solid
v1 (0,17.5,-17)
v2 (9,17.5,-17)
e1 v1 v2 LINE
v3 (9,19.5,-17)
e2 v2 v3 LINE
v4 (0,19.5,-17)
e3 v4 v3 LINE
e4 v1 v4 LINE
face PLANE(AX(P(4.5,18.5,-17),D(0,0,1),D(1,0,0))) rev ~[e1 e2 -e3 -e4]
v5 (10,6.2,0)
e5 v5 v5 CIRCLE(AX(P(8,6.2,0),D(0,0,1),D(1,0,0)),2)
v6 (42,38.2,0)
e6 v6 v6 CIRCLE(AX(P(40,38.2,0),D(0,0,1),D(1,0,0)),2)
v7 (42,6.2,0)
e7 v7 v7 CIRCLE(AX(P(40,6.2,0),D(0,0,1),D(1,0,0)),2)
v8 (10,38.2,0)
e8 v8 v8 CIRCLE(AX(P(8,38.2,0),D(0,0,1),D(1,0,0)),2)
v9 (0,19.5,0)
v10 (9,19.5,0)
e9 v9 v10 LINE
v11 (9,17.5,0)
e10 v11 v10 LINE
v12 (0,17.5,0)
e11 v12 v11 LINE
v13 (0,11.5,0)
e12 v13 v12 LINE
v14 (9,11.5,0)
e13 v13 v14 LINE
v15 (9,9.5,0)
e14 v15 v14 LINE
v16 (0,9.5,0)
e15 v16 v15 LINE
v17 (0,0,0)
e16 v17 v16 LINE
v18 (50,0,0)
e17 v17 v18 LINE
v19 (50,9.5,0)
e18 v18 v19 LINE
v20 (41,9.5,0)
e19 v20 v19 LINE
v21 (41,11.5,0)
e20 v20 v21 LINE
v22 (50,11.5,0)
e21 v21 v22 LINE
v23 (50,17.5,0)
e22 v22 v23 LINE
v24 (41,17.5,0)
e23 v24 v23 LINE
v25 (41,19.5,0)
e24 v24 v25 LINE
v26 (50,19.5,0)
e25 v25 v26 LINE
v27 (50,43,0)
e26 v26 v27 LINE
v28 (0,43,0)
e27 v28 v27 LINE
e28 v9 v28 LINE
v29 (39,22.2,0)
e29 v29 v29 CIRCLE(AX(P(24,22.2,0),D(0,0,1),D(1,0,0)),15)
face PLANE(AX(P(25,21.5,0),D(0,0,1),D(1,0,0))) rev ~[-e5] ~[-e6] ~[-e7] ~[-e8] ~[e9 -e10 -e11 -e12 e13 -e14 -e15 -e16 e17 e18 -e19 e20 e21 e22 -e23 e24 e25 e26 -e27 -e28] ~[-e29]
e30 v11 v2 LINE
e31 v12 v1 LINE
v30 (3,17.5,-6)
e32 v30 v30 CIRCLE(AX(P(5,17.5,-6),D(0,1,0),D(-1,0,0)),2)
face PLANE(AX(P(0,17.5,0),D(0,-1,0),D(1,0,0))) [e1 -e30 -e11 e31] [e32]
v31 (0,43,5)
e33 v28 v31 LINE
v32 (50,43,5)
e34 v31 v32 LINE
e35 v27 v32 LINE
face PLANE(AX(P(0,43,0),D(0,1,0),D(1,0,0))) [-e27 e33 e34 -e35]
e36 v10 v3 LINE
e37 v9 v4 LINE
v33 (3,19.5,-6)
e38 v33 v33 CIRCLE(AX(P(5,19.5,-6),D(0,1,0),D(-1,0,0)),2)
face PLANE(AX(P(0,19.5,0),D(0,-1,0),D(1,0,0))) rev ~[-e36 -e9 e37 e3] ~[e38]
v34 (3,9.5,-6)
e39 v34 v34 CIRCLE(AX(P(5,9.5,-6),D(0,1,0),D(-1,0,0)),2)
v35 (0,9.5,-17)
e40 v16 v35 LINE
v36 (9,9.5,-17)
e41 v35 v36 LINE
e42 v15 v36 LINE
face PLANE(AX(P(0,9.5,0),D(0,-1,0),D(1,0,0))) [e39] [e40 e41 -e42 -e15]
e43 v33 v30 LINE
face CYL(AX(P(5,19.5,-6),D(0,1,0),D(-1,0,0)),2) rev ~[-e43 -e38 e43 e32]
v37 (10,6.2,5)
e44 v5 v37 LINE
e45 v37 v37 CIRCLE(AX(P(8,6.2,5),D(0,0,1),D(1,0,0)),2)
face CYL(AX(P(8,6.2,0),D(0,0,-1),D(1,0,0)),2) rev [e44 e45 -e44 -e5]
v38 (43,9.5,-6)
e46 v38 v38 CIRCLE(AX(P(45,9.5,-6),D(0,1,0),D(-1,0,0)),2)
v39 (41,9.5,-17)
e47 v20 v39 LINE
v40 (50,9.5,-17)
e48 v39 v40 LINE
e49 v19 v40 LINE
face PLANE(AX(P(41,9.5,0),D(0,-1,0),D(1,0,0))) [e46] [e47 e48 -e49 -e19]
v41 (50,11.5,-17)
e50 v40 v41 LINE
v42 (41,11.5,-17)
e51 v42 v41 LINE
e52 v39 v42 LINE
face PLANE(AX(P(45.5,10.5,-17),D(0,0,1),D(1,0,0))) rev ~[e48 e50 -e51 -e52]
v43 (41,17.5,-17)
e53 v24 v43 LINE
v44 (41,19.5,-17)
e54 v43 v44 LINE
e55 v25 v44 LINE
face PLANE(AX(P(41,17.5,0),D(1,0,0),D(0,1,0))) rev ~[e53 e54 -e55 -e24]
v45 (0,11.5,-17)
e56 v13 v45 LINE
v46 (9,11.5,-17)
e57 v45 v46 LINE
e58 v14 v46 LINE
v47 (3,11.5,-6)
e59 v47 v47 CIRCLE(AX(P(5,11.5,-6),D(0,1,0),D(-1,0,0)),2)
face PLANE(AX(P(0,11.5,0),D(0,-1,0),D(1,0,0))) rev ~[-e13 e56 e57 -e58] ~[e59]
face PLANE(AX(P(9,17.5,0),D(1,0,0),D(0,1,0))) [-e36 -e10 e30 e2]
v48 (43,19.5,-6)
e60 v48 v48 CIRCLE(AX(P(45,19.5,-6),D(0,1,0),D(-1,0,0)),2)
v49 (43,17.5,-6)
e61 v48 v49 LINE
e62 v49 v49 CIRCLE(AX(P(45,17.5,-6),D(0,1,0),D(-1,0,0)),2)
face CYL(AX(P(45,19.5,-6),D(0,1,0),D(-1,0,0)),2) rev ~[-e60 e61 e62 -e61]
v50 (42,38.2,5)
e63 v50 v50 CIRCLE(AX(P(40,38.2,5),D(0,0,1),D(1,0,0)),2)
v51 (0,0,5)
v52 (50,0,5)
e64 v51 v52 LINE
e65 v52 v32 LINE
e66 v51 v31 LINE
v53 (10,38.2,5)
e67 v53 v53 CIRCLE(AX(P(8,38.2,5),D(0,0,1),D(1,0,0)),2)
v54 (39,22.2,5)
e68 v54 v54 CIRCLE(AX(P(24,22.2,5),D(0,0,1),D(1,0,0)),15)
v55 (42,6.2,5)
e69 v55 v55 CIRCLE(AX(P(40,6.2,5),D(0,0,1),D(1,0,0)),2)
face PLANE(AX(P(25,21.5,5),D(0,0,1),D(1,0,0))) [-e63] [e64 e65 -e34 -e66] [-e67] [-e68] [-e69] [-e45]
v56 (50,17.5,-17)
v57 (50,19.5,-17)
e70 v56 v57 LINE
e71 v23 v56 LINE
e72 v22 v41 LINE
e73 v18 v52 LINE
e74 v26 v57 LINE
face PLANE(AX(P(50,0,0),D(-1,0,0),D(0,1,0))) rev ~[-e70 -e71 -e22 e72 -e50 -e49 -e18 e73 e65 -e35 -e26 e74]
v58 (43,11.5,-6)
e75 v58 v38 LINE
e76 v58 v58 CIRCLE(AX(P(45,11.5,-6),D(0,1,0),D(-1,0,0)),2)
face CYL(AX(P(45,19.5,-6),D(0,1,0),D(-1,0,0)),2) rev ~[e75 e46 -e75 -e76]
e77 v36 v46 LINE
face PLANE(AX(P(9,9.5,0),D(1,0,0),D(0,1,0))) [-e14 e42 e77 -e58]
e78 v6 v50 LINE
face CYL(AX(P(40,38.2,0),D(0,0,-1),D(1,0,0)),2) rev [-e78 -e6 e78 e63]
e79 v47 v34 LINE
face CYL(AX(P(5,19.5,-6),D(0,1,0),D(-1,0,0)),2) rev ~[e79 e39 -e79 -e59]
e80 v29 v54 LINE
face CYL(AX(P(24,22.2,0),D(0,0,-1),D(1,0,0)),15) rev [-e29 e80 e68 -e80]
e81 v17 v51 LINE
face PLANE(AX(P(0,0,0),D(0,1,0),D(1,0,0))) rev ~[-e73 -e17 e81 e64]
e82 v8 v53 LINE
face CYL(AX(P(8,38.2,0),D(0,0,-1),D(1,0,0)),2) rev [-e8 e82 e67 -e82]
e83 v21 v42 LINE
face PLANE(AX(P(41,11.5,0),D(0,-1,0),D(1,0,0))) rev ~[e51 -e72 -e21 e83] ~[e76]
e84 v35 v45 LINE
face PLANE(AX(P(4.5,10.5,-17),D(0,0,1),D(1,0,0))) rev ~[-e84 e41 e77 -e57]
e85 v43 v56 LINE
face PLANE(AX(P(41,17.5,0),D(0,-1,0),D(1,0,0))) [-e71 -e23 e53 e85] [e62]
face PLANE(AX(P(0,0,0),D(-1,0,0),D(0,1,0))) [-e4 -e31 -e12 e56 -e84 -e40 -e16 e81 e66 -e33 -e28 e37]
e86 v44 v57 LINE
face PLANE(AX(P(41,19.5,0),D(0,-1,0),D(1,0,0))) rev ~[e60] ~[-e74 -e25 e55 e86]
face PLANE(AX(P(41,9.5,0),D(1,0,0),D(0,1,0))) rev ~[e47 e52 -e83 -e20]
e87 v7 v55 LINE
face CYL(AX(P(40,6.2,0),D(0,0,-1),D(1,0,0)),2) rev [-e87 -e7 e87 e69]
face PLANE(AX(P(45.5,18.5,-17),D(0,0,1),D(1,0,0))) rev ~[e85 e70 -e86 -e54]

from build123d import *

# Parameters (mm, degrees)
SKETCH_W     = 50
SKETCH_H     = 43
SKETCH_R     = 15
SKETCH_R_2   = 2
PAD_DEPTH    = 5
SKETCH001_W  = 9
SKETCH001_H  = 2
PAD001_DEPTH = 17
SKETCH002_R  = 2
POCKET_DEPTH = 11


with BuildPart() as part:
    # Sketch → Pad (new body)
    with BuildSketch(Plane.XY):
        with Locations((25, 21.5)):
            Rectangle(SKETCH_W, SKETCH_H)
        with Locations((24, 22.2)):
            Circle(SKETCH_R, mode=Mode.SUBTRACT)
        with Locations((40, 38.2)):
            Circle(SKETCH_R_2, mode=Mode.SUBTRACT)
        with Locations((8, 38.2)):
            Circle(SKETCH_R_2, mode=Mode.SUBTRACT)
        with Locations((8, 6.2)):
            Circle(SKETCH_R_2, mode=Mode.SUBTRACT)
        with Locations((40, 6.2)):
            Circle(SKETCH_R_2, mode=Mode.SUBTRACT)
    extrude(amount=PAD_DEPTH)

    # Sketch001 → Pad001 (join)
    with BuildSketch(Plane.XY):
        with Locations((45.5, 10.5)):
            Rectangle(SKETCH001_W, SKETCH001_H)
        with Locations((4.5, 10.5)):
            Rectangle(SKETCH001_W, SKETCH001_H)
        with Locations((4.5, 18.5)):
            Rectangle(SKETCH001_W, SKETCH001_H)
        with Locations((45.5, 18.5)):
            Rectangle(SKETCH001_W, SKETCH001_H)
    extrude(amount=-PAD001_DEPTH)

    # Sketch002 (on Face10 of Pad001) → Pocket (cut)
    with BuildSketch(Plane(origin=(0, 19.5, 0), x_dir=(-1, 0, 0), z_dir=(0, 1, 0))):
        with Locations((-5, -6)):
            Circle(SKETCH002_R)
        with Locations((-45, -6)):
            Circle(SKETCH002_R)
    extrude(amount=-POCKET_DEPTH, mode=Mode.SUBTRACT)


solid = part.part
